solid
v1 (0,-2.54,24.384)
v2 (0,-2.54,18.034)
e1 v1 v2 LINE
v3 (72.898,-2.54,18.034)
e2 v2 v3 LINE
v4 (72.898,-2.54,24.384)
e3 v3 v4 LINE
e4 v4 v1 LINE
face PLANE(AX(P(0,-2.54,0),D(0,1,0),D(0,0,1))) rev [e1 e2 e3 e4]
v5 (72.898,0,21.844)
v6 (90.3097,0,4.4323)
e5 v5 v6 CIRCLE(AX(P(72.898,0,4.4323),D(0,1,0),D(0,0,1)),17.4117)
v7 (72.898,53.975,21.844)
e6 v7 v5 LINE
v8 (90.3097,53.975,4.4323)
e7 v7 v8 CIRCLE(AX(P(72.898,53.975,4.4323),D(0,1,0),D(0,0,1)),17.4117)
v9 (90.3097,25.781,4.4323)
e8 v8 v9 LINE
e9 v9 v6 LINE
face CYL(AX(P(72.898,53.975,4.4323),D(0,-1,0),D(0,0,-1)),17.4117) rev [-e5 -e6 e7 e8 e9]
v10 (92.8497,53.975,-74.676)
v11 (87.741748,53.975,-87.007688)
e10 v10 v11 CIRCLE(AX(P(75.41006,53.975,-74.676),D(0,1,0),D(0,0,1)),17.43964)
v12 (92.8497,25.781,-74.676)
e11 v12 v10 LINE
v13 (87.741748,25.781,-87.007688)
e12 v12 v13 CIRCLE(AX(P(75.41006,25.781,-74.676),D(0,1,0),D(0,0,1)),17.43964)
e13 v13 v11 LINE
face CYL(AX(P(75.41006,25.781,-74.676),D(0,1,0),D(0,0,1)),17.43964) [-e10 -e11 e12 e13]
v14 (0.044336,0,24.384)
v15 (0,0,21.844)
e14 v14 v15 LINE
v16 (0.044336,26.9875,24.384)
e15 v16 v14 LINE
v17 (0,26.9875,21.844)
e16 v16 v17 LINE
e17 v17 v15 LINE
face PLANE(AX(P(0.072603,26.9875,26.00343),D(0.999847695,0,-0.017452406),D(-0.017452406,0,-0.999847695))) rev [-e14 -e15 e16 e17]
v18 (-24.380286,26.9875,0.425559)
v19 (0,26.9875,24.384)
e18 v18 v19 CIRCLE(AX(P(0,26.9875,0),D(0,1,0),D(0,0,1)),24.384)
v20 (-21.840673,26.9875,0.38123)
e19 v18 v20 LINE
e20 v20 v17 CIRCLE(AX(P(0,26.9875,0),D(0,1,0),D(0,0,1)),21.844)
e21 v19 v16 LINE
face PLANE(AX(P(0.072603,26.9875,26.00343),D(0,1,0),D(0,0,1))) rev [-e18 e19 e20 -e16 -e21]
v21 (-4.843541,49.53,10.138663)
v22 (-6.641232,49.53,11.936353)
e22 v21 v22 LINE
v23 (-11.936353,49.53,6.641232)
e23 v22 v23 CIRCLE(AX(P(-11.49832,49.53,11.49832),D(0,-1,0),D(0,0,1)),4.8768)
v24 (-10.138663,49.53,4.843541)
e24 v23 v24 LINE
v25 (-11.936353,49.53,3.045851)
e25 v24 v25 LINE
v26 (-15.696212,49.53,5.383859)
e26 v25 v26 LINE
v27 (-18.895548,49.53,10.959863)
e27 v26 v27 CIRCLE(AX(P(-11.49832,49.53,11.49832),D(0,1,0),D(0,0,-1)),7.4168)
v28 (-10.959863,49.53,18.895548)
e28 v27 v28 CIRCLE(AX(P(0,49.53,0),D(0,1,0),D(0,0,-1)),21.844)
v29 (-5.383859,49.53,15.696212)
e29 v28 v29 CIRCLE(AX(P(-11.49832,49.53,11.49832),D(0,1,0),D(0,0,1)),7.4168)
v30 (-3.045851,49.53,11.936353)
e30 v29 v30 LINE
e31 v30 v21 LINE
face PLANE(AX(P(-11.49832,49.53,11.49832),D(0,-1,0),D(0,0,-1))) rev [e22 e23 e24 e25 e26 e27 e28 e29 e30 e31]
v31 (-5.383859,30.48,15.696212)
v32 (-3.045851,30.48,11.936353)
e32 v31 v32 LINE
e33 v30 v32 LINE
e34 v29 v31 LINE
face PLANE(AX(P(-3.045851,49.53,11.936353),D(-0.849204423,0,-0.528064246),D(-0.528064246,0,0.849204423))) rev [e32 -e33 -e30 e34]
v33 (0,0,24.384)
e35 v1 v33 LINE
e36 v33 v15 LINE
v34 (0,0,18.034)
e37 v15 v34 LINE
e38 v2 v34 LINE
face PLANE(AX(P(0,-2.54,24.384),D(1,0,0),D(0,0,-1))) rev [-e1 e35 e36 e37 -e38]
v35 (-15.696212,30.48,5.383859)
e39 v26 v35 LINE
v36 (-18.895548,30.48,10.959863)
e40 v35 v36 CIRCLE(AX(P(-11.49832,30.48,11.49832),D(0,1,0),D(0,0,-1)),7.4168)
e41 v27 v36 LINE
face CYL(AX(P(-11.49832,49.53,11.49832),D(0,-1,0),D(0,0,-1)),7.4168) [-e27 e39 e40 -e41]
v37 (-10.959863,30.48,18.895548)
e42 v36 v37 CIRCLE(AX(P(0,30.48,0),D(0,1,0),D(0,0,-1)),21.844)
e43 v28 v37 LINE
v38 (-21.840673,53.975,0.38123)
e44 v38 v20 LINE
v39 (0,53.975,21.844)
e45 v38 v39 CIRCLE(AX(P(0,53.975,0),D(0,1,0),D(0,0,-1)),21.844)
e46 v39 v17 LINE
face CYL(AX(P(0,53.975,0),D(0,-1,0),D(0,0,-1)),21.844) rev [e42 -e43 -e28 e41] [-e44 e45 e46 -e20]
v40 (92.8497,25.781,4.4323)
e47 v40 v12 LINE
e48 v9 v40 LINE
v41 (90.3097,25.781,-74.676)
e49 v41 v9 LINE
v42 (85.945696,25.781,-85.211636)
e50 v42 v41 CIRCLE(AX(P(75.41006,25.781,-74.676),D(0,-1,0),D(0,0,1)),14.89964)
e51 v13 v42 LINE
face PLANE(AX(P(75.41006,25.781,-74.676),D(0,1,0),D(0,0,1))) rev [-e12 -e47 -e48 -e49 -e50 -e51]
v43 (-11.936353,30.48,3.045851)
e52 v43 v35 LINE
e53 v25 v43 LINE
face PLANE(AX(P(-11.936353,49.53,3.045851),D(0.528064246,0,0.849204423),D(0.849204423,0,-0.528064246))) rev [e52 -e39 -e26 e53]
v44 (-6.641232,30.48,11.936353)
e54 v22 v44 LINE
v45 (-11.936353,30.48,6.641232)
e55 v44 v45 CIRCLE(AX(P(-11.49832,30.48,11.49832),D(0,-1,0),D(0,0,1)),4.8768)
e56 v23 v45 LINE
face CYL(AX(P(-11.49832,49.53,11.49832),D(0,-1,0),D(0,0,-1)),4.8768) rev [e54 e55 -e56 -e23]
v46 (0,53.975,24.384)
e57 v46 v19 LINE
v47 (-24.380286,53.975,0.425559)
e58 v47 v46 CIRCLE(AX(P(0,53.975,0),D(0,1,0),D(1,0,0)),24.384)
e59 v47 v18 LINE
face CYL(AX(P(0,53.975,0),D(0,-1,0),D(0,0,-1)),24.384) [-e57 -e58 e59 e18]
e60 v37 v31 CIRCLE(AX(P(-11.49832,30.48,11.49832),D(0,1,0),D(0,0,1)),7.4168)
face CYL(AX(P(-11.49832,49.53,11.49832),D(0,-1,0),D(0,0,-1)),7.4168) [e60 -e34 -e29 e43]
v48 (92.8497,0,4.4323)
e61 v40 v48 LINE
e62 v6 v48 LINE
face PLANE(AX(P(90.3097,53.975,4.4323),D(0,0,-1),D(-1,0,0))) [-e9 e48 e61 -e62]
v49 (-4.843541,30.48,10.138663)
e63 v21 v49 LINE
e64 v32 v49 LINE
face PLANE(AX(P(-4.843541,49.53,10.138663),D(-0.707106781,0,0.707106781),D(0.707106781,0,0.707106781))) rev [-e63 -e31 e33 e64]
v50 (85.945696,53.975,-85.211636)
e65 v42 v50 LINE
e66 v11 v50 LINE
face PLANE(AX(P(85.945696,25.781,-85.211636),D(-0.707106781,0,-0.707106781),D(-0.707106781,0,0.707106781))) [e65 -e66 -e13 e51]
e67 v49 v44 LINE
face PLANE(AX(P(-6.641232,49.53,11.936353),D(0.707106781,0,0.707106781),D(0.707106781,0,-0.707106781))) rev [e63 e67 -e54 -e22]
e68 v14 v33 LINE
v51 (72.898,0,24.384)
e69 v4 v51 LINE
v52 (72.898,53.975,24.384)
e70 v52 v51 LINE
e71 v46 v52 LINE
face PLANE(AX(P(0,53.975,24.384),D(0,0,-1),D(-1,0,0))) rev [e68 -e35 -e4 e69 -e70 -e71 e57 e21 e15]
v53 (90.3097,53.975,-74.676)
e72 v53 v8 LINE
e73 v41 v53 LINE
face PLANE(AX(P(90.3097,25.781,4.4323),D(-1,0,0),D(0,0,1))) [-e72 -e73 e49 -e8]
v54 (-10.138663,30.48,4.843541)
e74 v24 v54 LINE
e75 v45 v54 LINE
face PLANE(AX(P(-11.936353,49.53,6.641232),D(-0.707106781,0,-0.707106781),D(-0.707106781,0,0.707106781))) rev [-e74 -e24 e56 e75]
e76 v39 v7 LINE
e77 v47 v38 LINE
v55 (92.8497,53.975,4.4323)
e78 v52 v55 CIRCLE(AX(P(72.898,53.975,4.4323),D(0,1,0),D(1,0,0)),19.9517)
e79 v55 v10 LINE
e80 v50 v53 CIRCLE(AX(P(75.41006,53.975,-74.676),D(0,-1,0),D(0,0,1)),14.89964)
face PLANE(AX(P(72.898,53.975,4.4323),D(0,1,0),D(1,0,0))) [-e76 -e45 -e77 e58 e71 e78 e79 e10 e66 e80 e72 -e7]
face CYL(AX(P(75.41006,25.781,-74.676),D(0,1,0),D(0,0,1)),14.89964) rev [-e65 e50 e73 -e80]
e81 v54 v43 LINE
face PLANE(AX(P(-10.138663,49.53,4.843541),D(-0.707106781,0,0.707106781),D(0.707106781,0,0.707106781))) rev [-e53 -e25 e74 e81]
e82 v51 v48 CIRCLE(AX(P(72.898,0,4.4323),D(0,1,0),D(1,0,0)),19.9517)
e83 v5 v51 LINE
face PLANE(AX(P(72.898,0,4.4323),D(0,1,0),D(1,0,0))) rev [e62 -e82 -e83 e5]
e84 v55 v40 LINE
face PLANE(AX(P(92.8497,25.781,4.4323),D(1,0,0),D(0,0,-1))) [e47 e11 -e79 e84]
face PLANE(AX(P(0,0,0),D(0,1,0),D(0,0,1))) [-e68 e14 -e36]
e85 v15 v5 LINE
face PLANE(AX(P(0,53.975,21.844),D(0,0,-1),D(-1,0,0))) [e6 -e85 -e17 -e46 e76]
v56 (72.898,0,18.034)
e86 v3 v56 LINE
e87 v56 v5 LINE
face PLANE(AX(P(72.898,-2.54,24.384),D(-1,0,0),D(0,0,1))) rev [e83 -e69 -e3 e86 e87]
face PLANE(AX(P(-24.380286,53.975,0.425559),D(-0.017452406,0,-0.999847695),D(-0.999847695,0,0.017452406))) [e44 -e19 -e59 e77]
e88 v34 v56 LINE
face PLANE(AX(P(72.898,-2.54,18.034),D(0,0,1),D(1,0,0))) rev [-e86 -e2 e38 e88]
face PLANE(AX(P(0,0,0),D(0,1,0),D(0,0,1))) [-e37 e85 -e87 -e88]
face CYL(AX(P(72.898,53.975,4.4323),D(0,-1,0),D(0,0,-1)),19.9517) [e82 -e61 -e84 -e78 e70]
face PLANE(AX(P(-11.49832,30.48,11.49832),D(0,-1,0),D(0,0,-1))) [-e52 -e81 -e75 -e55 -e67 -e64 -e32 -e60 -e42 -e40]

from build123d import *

# Parameters (mm, degrees)
EXTRUDE_THIN1_DEPTH = 53.975
BOSS_EXTRUDE1_START = 30.48
BOSS_EXTRUDE1_DEPTH = 19.05
SKETCH12_W          = 34.867415814
SKETCH12_H          = 30.456007234
CUT_EXTRUDE1_DEPTH  = 27.000736901
BOSS_EXTRUDE2_DEPTH = 28.194
SKETCH15_W          = 72.898
SKETCH15_H          = 6.35
BOSS_EXTRUDE3_DEPTH = 2.54


with BuildPart() as part:
    # Sketch8 → Extrude-Thin1 (new body)
    with BuildSketch(Plane(origin=(0, 0, 0), x_dir=(1, 0, 0), z_dir=(0, 1, 0))):
        with BuildLine():
            ThreePointArc((-21.840673053, -0.381230366), (-15.310661969, -15.580242811), (0, -21.844))
            Line((0, -21.844), (72.898, -21.844))
            ThreePointArc((72.898, -21.844), (85.209931142, -16.744231142), (90.3097, -4.4323))
            Line((90.3097, -4.4323), (92.8497, -4.4323))
            ThreePointArc((92.8497, -4.4323), (87.005982366, -18.540282366), (72.898, -24.384))
            Line((72.898, -24.384), (0, -24.384))
            ThreePointArc((0, -24.384), (-17.090971501, -17.391898952), (-24.380286199, -0.425559479))
            Line((-24.380286199, -0.425559479), (-21.840673053, -0.381230366))
        make_face()
    extrude(amount=EXTRUDE_THIN1_DEPTH)

    # Sketch10 → Boss-Extrude1 (add)
    with BuildSketch(Plane(origin=(0, 0, 0), x_dir=(1, 0, 0), z_dir=(0, 1, 0)).offset(BOSS_EXTRUDE1_START)):
        with BuildLine():
            Line((-6.641231784, -11.936352934), (-4.843541474, -10.138662625))
            Line((-4.843541474, -10.138662625), (-3.045851165, -11.936352934))
            Line((-3.045851165, -11.936352934), (-5.383859486, -15.696211745))
            ThreePointArc((-5.383859486, -15.696211745), (-7.807213542, -17.931410627), (-10.959862847, -18.895548216))
            ThreePointArc((-10.959862847, -18.895548216), (-15.446040528, -15.446040528), (-18.895548216, -10.959862847))
            ThreePointArc((-18.895548216, -10.959862847), (-17.931410627, -7.807213542), (-15.696211745, -5.383859486))
            Line((-15.696211745, -5.383859486), (-11.936352934, -3.045851165))
            Line((-11.936352934, -3.045851165), (-10.138662625, -4.843541474))
            Line((-10.138662625, -4.843541474), (-11.936352934, -6.641231784))
            ThreePointArc((-11.936352934, -6.641231784), (-14.946738288, -14.946738288), (-6.641231784, -11.936352934))
        make_face()
    extrude(amount=BOSS_EXTRUDE1_DEPTH)

    # Sketch12 → Cut-Extrude1 (cut, through all)
    with BuildSketch(Plane(origin=(0, 0, 0), x_dir=(-0.999847695, 0, 0.017452406), z_dir=(-0.017452406, 0, -0.999847695))):
        with Locations((17.814938273, 11.759496383)):
            Rectangle(SKETCH12_W, SKETCH12_H)
    extrude(amount=-CUT_EXTRUDE1_DEPTH, mode=Mode.SUBTRACT)

    # Sketch14 → Boss-Extrude2 (add)
    with BuildSketch(Plane(origin=(0, 53.975, 0), x_dir=(1, 0, 0), z_dir=(0, 1, 0))):
        with BuildLine():
            Line((85.945696481, 85.211636481), (87.741747705, 87.007687705))
            ThreePointArc((87.741747705, 87.007687705), (91.52218645, 81.349861294), (92.8497, 74.676))
            Line((92.8497, 74.676), (92.8497, -4.4323))
            Line((92.8497, -4.4323), (90.3097, -4.4323))
            Line((90.3097, -4.4323), (90.3097, 74.676))
            ThreePointArc((90.3097, 74.676), (89.175532438, 80.377845376), (85.945696481, 85.211636481))
        make_face()
    extrude(amount=-BOSS_EXTRUDE2_DEPTH)

    # Sketch15 → Boss-Extrude3 (add)
    with BuildSketch(Plane.XZ):
        with Locations((36.449, 21.209)):
            Rectangle(SKETCH15_W, SKETCH15_H)
    extrude(amount=BOSS_EXTRUDE3_DEPTH)


solid = part.part
